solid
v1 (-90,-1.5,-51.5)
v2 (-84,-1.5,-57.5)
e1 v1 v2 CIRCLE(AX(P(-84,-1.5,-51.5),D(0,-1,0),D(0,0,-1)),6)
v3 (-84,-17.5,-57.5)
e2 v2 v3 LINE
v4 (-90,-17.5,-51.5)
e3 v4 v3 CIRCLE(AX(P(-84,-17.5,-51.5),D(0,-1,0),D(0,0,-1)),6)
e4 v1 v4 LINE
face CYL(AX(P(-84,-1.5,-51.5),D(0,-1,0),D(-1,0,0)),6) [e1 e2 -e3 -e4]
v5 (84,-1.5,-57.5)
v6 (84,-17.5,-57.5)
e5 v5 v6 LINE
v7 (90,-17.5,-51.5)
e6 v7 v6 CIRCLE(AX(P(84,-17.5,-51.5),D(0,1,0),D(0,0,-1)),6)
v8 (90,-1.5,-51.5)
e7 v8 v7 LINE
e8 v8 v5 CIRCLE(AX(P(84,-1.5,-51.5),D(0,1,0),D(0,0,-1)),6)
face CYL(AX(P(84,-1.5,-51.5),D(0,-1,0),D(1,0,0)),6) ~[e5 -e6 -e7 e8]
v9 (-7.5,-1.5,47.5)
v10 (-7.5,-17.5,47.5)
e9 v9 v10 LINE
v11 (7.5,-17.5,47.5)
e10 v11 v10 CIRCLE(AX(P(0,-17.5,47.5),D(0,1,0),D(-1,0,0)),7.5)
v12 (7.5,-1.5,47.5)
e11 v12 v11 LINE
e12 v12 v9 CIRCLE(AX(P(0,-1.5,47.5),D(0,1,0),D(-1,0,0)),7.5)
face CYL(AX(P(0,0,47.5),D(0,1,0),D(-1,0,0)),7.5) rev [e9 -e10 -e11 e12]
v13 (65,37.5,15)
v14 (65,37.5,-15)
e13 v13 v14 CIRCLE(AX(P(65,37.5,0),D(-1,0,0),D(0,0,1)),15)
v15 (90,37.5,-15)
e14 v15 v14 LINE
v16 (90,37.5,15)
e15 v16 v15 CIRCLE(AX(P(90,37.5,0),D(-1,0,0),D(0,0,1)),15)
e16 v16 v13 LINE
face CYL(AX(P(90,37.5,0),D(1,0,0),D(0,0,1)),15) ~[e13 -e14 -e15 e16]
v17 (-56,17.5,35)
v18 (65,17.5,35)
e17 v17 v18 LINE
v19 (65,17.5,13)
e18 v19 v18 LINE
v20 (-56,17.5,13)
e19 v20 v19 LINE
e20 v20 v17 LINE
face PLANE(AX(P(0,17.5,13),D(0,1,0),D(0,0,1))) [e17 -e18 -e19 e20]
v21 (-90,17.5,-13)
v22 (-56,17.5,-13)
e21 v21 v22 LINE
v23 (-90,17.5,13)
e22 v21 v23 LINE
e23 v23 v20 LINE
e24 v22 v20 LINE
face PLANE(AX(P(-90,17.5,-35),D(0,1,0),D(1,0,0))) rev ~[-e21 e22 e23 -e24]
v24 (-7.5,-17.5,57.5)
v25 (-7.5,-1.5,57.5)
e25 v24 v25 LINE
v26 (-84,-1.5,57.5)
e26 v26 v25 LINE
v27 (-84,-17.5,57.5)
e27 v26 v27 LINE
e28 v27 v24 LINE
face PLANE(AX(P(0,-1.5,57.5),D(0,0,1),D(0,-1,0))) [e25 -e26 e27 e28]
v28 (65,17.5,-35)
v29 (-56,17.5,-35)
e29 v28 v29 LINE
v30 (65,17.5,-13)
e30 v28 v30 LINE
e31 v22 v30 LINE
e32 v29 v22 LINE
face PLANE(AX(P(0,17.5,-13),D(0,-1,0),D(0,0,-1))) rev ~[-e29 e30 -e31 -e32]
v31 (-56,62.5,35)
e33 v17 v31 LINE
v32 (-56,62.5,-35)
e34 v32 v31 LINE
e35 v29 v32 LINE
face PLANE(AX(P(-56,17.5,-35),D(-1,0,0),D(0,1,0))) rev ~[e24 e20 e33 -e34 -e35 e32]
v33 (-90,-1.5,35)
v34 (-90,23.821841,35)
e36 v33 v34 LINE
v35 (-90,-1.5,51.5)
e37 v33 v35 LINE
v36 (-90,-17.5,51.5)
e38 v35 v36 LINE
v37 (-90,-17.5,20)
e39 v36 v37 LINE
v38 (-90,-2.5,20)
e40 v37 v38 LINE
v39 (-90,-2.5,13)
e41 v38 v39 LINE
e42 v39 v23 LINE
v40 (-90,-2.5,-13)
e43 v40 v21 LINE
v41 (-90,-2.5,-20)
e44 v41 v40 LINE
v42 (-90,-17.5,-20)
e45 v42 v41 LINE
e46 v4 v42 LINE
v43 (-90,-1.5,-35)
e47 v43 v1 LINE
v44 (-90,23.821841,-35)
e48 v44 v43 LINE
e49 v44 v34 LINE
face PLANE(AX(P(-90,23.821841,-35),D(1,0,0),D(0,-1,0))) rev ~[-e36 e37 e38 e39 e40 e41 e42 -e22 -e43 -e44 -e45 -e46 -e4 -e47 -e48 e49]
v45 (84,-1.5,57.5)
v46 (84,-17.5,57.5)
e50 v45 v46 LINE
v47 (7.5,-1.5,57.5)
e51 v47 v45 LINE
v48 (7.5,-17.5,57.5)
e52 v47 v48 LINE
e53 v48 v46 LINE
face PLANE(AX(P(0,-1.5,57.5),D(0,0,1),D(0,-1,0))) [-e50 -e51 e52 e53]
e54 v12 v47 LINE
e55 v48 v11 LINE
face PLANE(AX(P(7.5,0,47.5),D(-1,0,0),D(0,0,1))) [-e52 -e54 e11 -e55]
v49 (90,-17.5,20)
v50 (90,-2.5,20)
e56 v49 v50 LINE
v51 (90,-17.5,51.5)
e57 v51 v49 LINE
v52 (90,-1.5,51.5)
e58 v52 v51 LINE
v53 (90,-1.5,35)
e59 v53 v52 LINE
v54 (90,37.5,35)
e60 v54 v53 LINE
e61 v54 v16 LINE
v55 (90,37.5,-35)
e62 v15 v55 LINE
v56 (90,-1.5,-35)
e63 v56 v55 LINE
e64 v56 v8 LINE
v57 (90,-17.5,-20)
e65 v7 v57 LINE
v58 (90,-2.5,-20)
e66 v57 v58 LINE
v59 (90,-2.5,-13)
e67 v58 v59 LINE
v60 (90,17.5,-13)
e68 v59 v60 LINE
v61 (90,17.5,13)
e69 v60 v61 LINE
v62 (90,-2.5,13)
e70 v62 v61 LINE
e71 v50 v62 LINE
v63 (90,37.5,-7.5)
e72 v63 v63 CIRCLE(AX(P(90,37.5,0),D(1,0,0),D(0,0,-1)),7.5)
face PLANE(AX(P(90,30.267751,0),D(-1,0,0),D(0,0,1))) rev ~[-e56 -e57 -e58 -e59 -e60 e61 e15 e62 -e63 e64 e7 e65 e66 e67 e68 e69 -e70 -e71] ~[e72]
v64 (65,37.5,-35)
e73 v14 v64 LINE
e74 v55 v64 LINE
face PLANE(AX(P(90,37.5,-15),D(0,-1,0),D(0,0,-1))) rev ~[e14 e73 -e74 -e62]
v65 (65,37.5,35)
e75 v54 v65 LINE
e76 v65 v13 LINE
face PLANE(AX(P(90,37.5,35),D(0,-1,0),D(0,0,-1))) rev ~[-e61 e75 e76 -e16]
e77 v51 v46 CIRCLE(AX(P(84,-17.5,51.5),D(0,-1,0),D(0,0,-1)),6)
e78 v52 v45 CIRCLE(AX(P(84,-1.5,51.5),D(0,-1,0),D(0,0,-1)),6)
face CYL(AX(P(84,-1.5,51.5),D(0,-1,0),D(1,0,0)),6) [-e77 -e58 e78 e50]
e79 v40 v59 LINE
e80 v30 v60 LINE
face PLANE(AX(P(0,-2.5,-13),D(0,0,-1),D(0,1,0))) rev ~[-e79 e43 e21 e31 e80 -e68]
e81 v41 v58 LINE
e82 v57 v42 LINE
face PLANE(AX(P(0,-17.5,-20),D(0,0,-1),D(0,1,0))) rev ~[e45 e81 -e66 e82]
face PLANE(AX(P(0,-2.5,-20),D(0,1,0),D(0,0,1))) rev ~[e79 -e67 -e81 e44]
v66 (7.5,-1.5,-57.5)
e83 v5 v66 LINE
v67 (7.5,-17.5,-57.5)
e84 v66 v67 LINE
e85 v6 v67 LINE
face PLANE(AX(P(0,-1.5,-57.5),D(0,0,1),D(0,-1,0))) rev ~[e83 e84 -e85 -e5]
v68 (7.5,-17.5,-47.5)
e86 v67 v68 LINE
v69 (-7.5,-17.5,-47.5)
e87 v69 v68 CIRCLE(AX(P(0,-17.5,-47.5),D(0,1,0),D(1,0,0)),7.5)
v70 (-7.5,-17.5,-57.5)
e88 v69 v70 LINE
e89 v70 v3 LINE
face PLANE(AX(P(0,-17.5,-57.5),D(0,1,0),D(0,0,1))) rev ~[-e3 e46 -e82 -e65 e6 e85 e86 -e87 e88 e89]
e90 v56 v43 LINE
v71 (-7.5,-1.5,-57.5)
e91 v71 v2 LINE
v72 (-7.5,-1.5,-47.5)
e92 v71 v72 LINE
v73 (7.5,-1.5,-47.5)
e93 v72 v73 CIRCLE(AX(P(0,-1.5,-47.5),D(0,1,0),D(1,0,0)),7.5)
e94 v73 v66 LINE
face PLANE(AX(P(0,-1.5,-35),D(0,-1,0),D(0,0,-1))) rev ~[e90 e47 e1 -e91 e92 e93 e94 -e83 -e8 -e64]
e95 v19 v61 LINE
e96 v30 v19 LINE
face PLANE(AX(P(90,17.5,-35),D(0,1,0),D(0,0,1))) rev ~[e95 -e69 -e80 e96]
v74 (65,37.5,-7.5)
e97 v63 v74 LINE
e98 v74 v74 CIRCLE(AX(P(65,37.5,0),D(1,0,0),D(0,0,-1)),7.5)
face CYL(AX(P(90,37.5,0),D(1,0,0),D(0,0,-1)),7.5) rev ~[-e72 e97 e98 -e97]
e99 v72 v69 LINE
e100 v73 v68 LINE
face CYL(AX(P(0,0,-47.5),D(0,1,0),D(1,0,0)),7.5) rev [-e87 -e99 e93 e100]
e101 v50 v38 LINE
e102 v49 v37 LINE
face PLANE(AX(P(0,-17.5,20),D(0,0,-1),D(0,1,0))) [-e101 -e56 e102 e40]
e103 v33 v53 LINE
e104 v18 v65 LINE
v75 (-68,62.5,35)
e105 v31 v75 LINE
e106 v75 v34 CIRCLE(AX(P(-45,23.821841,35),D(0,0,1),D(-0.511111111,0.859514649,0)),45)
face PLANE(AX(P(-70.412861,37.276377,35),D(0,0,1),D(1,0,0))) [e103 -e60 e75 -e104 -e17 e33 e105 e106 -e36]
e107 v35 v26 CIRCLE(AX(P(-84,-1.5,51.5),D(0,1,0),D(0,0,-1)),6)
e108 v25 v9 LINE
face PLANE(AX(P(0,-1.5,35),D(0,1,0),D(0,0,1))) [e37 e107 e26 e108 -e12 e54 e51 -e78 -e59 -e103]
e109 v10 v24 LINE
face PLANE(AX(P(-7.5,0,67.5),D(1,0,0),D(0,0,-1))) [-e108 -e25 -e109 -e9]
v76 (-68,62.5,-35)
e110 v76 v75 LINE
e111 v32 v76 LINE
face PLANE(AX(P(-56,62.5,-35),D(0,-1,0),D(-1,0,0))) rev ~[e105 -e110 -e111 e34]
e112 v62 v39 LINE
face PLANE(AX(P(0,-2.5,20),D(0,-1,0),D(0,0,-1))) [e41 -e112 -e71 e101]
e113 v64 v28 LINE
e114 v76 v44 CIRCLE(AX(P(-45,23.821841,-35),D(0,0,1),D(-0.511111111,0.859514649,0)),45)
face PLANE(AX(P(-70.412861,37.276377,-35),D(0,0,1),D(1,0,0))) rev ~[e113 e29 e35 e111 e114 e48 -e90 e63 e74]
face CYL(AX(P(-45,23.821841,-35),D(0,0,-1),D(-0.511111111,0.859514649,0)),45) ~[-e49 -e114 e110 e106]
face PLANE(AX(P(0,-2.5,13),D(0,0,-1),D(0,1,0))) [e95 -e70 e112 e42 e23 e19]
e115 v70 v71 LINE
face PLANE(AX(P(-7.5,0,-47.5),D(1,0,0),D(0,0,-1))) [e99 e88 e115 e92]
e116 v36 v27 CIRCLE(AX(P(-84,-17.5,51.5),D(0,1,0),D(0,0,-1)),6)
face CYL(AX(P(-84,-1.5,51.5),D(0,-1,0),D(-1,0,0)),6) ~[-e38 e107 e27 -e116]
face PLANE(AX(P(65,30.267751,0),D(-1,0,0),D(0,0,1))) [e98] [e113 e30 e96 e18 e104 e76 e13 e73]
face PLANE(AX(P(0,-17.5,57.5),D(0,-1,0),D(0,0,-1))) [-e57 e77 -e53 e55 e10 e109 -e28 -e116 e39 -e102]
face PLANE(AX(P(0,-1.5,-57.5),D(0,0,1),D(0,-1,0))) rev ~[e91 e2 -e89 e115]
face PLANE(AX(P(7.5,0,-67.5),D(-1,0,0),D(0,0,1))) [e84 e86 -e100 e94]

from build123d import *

# Parameters (mm, degrees)
BOSS_EXTRUDE1_DEPTH   = 90
BOSS_EXTRUDE1_2_DEPTH = 90
SKETCH2_R             = 7.5
BOSS_EXTRUDE2_DEPTH   = 25
BOSS_EXTRUDE3_DEPTH   = 70
FILLET1_R             = 6
CUT_EXTRUDE1_DEPTH    = 18.5


with BuildPart() as part:
    # Sketch1 → Boss-Extrude1 (new body, symmetric)
    with BuildSketch(Plane(origin=(0, 0, 0), x_dir=(0, 0, -1), z_dir=(1, 0, 0))):
        Polygon((13, 17.5), (35, 17.5), (35, -1.5), (57.5, -1.5), (57.5, -17.5), (20, -17.5), (20, -2.5), (13, -2.5), align=None)
    extrude(amount=BOSS_EXTRUDE1_DEPTH, both=True)



with BuildPart() as body_2:
    # Sketch1 → Boss-Extrude1 2 (new body, symmetric)
    with BuildSketch(Plane(origin=(0, 0, 0), x_dir=(0, 0, -1), z_dir=(1, 0, 0))):
        Polygon((-13, -2.5), (-13, 17.5), (-35, 17.5), (-35, -1.5), (-57.5, -1.5), (-57.5, -17.5), (-20, -17.5), (-20, -2.5), align=None)
    extrude(amount=BOSS_EXTRUDE1_2_DEPTH, both=True)


with BuildPart() as part_1:
    add(part.part)

    add(body_2.part)  # Boss-Extrude2 merges body 2
    # Sketch2 → Boss-Extrude2 (add)
    with BuildSketch(Plane(origin=(90, 0, 0), x_dir=(0, 0, -1), z_dir=(1, 0, 0))):
        with BuildLine():
            Line((35, 17.5), (-35, 17.5))
            Line((-35, 17.5), (-35, 37.5))
            Line((-35, 37.5), (-15, 37.5))
            ThreePointArc((-15, 37.5), (0, 52.5), (15, 37.5))
            Line((15, 37.5), (35, 37.5))
            Line((35, 37.5), (35, 17.5))
        make_face()
        with Locations((0, 37.5)):
            Circle(SKETCH2_R, mode=Mode.SUBTRACT)
    extrude(amount=-BOSS_EXTRUDE2_DEPTH)

    # Sketch3 → Boss-Extrude3 (add)
    with BuildSketch(Plane(origin=(0, 0, -35), x_dir=(-1, 0, 0), z_dir=(0, 0, -1))):
        with BuildLine():
            Line((90, 17.5), (56, 17.5))
            Line((56, 17.5), (56, 62.5))
            Line((56, 62.5), (68, 62.5))
            ThreePointArc((68, 62.5), (84.115214431, 46.07043625), (90, 23.821840788))
            Line((90, 23.821840788), (90, 17.5))
        make_face()
    extrude(amount=-BOSS_EXTRUDE3_DEPTH)

    # Fillet1
    fillet1_edges = [part_1.edges().sort_by_distance(p)[0] for p in [
        (90, -9.5, -57.5),
        (-90, -9.5, 57.5),
        (90, -9.5, 57.5),
        (-90, -9.5, -57.5),
    ]]
    fillet(fillet1_edges, radius=FILLET1_R)

    # Sketch4 → Cut-Extrude1 (cut, through all)
    with BuildSketch(Plane(origin=(0, 0, 0), x_dir=(1, 0, 0), z_dir=(0, 1, 0))):
        with BuildLine():
            Line((7.5, 67.5), (7.5, 47.5))
            ThreePointArc((7.5, 47.5), (0, 40), (-7.5, 47.5))
            Line((-7.5, 47.5), (-7.5, 67.5))
            ThreePointArc((-7.5, 67.5), (0, 75), (7.5, 67.5))
        make_face()
        with BuildLine():
            Line((-7.5, -67.5), (-7.5, -47.5))
            ThreePointArc((-7.5, -47.5), (0, -40), (7.5, -47.5))
            Line((7.5, -47.5), (7.5, -67.5))
            ThreePointArc((7.5, -67.5), (0, -75), (-7.5, -67.5))
        make_face()
    extrude(amount=-CUT_EXTRUDE1_DEPTH, mode=Mode.SUBTRACT)


solid = part_1.part
